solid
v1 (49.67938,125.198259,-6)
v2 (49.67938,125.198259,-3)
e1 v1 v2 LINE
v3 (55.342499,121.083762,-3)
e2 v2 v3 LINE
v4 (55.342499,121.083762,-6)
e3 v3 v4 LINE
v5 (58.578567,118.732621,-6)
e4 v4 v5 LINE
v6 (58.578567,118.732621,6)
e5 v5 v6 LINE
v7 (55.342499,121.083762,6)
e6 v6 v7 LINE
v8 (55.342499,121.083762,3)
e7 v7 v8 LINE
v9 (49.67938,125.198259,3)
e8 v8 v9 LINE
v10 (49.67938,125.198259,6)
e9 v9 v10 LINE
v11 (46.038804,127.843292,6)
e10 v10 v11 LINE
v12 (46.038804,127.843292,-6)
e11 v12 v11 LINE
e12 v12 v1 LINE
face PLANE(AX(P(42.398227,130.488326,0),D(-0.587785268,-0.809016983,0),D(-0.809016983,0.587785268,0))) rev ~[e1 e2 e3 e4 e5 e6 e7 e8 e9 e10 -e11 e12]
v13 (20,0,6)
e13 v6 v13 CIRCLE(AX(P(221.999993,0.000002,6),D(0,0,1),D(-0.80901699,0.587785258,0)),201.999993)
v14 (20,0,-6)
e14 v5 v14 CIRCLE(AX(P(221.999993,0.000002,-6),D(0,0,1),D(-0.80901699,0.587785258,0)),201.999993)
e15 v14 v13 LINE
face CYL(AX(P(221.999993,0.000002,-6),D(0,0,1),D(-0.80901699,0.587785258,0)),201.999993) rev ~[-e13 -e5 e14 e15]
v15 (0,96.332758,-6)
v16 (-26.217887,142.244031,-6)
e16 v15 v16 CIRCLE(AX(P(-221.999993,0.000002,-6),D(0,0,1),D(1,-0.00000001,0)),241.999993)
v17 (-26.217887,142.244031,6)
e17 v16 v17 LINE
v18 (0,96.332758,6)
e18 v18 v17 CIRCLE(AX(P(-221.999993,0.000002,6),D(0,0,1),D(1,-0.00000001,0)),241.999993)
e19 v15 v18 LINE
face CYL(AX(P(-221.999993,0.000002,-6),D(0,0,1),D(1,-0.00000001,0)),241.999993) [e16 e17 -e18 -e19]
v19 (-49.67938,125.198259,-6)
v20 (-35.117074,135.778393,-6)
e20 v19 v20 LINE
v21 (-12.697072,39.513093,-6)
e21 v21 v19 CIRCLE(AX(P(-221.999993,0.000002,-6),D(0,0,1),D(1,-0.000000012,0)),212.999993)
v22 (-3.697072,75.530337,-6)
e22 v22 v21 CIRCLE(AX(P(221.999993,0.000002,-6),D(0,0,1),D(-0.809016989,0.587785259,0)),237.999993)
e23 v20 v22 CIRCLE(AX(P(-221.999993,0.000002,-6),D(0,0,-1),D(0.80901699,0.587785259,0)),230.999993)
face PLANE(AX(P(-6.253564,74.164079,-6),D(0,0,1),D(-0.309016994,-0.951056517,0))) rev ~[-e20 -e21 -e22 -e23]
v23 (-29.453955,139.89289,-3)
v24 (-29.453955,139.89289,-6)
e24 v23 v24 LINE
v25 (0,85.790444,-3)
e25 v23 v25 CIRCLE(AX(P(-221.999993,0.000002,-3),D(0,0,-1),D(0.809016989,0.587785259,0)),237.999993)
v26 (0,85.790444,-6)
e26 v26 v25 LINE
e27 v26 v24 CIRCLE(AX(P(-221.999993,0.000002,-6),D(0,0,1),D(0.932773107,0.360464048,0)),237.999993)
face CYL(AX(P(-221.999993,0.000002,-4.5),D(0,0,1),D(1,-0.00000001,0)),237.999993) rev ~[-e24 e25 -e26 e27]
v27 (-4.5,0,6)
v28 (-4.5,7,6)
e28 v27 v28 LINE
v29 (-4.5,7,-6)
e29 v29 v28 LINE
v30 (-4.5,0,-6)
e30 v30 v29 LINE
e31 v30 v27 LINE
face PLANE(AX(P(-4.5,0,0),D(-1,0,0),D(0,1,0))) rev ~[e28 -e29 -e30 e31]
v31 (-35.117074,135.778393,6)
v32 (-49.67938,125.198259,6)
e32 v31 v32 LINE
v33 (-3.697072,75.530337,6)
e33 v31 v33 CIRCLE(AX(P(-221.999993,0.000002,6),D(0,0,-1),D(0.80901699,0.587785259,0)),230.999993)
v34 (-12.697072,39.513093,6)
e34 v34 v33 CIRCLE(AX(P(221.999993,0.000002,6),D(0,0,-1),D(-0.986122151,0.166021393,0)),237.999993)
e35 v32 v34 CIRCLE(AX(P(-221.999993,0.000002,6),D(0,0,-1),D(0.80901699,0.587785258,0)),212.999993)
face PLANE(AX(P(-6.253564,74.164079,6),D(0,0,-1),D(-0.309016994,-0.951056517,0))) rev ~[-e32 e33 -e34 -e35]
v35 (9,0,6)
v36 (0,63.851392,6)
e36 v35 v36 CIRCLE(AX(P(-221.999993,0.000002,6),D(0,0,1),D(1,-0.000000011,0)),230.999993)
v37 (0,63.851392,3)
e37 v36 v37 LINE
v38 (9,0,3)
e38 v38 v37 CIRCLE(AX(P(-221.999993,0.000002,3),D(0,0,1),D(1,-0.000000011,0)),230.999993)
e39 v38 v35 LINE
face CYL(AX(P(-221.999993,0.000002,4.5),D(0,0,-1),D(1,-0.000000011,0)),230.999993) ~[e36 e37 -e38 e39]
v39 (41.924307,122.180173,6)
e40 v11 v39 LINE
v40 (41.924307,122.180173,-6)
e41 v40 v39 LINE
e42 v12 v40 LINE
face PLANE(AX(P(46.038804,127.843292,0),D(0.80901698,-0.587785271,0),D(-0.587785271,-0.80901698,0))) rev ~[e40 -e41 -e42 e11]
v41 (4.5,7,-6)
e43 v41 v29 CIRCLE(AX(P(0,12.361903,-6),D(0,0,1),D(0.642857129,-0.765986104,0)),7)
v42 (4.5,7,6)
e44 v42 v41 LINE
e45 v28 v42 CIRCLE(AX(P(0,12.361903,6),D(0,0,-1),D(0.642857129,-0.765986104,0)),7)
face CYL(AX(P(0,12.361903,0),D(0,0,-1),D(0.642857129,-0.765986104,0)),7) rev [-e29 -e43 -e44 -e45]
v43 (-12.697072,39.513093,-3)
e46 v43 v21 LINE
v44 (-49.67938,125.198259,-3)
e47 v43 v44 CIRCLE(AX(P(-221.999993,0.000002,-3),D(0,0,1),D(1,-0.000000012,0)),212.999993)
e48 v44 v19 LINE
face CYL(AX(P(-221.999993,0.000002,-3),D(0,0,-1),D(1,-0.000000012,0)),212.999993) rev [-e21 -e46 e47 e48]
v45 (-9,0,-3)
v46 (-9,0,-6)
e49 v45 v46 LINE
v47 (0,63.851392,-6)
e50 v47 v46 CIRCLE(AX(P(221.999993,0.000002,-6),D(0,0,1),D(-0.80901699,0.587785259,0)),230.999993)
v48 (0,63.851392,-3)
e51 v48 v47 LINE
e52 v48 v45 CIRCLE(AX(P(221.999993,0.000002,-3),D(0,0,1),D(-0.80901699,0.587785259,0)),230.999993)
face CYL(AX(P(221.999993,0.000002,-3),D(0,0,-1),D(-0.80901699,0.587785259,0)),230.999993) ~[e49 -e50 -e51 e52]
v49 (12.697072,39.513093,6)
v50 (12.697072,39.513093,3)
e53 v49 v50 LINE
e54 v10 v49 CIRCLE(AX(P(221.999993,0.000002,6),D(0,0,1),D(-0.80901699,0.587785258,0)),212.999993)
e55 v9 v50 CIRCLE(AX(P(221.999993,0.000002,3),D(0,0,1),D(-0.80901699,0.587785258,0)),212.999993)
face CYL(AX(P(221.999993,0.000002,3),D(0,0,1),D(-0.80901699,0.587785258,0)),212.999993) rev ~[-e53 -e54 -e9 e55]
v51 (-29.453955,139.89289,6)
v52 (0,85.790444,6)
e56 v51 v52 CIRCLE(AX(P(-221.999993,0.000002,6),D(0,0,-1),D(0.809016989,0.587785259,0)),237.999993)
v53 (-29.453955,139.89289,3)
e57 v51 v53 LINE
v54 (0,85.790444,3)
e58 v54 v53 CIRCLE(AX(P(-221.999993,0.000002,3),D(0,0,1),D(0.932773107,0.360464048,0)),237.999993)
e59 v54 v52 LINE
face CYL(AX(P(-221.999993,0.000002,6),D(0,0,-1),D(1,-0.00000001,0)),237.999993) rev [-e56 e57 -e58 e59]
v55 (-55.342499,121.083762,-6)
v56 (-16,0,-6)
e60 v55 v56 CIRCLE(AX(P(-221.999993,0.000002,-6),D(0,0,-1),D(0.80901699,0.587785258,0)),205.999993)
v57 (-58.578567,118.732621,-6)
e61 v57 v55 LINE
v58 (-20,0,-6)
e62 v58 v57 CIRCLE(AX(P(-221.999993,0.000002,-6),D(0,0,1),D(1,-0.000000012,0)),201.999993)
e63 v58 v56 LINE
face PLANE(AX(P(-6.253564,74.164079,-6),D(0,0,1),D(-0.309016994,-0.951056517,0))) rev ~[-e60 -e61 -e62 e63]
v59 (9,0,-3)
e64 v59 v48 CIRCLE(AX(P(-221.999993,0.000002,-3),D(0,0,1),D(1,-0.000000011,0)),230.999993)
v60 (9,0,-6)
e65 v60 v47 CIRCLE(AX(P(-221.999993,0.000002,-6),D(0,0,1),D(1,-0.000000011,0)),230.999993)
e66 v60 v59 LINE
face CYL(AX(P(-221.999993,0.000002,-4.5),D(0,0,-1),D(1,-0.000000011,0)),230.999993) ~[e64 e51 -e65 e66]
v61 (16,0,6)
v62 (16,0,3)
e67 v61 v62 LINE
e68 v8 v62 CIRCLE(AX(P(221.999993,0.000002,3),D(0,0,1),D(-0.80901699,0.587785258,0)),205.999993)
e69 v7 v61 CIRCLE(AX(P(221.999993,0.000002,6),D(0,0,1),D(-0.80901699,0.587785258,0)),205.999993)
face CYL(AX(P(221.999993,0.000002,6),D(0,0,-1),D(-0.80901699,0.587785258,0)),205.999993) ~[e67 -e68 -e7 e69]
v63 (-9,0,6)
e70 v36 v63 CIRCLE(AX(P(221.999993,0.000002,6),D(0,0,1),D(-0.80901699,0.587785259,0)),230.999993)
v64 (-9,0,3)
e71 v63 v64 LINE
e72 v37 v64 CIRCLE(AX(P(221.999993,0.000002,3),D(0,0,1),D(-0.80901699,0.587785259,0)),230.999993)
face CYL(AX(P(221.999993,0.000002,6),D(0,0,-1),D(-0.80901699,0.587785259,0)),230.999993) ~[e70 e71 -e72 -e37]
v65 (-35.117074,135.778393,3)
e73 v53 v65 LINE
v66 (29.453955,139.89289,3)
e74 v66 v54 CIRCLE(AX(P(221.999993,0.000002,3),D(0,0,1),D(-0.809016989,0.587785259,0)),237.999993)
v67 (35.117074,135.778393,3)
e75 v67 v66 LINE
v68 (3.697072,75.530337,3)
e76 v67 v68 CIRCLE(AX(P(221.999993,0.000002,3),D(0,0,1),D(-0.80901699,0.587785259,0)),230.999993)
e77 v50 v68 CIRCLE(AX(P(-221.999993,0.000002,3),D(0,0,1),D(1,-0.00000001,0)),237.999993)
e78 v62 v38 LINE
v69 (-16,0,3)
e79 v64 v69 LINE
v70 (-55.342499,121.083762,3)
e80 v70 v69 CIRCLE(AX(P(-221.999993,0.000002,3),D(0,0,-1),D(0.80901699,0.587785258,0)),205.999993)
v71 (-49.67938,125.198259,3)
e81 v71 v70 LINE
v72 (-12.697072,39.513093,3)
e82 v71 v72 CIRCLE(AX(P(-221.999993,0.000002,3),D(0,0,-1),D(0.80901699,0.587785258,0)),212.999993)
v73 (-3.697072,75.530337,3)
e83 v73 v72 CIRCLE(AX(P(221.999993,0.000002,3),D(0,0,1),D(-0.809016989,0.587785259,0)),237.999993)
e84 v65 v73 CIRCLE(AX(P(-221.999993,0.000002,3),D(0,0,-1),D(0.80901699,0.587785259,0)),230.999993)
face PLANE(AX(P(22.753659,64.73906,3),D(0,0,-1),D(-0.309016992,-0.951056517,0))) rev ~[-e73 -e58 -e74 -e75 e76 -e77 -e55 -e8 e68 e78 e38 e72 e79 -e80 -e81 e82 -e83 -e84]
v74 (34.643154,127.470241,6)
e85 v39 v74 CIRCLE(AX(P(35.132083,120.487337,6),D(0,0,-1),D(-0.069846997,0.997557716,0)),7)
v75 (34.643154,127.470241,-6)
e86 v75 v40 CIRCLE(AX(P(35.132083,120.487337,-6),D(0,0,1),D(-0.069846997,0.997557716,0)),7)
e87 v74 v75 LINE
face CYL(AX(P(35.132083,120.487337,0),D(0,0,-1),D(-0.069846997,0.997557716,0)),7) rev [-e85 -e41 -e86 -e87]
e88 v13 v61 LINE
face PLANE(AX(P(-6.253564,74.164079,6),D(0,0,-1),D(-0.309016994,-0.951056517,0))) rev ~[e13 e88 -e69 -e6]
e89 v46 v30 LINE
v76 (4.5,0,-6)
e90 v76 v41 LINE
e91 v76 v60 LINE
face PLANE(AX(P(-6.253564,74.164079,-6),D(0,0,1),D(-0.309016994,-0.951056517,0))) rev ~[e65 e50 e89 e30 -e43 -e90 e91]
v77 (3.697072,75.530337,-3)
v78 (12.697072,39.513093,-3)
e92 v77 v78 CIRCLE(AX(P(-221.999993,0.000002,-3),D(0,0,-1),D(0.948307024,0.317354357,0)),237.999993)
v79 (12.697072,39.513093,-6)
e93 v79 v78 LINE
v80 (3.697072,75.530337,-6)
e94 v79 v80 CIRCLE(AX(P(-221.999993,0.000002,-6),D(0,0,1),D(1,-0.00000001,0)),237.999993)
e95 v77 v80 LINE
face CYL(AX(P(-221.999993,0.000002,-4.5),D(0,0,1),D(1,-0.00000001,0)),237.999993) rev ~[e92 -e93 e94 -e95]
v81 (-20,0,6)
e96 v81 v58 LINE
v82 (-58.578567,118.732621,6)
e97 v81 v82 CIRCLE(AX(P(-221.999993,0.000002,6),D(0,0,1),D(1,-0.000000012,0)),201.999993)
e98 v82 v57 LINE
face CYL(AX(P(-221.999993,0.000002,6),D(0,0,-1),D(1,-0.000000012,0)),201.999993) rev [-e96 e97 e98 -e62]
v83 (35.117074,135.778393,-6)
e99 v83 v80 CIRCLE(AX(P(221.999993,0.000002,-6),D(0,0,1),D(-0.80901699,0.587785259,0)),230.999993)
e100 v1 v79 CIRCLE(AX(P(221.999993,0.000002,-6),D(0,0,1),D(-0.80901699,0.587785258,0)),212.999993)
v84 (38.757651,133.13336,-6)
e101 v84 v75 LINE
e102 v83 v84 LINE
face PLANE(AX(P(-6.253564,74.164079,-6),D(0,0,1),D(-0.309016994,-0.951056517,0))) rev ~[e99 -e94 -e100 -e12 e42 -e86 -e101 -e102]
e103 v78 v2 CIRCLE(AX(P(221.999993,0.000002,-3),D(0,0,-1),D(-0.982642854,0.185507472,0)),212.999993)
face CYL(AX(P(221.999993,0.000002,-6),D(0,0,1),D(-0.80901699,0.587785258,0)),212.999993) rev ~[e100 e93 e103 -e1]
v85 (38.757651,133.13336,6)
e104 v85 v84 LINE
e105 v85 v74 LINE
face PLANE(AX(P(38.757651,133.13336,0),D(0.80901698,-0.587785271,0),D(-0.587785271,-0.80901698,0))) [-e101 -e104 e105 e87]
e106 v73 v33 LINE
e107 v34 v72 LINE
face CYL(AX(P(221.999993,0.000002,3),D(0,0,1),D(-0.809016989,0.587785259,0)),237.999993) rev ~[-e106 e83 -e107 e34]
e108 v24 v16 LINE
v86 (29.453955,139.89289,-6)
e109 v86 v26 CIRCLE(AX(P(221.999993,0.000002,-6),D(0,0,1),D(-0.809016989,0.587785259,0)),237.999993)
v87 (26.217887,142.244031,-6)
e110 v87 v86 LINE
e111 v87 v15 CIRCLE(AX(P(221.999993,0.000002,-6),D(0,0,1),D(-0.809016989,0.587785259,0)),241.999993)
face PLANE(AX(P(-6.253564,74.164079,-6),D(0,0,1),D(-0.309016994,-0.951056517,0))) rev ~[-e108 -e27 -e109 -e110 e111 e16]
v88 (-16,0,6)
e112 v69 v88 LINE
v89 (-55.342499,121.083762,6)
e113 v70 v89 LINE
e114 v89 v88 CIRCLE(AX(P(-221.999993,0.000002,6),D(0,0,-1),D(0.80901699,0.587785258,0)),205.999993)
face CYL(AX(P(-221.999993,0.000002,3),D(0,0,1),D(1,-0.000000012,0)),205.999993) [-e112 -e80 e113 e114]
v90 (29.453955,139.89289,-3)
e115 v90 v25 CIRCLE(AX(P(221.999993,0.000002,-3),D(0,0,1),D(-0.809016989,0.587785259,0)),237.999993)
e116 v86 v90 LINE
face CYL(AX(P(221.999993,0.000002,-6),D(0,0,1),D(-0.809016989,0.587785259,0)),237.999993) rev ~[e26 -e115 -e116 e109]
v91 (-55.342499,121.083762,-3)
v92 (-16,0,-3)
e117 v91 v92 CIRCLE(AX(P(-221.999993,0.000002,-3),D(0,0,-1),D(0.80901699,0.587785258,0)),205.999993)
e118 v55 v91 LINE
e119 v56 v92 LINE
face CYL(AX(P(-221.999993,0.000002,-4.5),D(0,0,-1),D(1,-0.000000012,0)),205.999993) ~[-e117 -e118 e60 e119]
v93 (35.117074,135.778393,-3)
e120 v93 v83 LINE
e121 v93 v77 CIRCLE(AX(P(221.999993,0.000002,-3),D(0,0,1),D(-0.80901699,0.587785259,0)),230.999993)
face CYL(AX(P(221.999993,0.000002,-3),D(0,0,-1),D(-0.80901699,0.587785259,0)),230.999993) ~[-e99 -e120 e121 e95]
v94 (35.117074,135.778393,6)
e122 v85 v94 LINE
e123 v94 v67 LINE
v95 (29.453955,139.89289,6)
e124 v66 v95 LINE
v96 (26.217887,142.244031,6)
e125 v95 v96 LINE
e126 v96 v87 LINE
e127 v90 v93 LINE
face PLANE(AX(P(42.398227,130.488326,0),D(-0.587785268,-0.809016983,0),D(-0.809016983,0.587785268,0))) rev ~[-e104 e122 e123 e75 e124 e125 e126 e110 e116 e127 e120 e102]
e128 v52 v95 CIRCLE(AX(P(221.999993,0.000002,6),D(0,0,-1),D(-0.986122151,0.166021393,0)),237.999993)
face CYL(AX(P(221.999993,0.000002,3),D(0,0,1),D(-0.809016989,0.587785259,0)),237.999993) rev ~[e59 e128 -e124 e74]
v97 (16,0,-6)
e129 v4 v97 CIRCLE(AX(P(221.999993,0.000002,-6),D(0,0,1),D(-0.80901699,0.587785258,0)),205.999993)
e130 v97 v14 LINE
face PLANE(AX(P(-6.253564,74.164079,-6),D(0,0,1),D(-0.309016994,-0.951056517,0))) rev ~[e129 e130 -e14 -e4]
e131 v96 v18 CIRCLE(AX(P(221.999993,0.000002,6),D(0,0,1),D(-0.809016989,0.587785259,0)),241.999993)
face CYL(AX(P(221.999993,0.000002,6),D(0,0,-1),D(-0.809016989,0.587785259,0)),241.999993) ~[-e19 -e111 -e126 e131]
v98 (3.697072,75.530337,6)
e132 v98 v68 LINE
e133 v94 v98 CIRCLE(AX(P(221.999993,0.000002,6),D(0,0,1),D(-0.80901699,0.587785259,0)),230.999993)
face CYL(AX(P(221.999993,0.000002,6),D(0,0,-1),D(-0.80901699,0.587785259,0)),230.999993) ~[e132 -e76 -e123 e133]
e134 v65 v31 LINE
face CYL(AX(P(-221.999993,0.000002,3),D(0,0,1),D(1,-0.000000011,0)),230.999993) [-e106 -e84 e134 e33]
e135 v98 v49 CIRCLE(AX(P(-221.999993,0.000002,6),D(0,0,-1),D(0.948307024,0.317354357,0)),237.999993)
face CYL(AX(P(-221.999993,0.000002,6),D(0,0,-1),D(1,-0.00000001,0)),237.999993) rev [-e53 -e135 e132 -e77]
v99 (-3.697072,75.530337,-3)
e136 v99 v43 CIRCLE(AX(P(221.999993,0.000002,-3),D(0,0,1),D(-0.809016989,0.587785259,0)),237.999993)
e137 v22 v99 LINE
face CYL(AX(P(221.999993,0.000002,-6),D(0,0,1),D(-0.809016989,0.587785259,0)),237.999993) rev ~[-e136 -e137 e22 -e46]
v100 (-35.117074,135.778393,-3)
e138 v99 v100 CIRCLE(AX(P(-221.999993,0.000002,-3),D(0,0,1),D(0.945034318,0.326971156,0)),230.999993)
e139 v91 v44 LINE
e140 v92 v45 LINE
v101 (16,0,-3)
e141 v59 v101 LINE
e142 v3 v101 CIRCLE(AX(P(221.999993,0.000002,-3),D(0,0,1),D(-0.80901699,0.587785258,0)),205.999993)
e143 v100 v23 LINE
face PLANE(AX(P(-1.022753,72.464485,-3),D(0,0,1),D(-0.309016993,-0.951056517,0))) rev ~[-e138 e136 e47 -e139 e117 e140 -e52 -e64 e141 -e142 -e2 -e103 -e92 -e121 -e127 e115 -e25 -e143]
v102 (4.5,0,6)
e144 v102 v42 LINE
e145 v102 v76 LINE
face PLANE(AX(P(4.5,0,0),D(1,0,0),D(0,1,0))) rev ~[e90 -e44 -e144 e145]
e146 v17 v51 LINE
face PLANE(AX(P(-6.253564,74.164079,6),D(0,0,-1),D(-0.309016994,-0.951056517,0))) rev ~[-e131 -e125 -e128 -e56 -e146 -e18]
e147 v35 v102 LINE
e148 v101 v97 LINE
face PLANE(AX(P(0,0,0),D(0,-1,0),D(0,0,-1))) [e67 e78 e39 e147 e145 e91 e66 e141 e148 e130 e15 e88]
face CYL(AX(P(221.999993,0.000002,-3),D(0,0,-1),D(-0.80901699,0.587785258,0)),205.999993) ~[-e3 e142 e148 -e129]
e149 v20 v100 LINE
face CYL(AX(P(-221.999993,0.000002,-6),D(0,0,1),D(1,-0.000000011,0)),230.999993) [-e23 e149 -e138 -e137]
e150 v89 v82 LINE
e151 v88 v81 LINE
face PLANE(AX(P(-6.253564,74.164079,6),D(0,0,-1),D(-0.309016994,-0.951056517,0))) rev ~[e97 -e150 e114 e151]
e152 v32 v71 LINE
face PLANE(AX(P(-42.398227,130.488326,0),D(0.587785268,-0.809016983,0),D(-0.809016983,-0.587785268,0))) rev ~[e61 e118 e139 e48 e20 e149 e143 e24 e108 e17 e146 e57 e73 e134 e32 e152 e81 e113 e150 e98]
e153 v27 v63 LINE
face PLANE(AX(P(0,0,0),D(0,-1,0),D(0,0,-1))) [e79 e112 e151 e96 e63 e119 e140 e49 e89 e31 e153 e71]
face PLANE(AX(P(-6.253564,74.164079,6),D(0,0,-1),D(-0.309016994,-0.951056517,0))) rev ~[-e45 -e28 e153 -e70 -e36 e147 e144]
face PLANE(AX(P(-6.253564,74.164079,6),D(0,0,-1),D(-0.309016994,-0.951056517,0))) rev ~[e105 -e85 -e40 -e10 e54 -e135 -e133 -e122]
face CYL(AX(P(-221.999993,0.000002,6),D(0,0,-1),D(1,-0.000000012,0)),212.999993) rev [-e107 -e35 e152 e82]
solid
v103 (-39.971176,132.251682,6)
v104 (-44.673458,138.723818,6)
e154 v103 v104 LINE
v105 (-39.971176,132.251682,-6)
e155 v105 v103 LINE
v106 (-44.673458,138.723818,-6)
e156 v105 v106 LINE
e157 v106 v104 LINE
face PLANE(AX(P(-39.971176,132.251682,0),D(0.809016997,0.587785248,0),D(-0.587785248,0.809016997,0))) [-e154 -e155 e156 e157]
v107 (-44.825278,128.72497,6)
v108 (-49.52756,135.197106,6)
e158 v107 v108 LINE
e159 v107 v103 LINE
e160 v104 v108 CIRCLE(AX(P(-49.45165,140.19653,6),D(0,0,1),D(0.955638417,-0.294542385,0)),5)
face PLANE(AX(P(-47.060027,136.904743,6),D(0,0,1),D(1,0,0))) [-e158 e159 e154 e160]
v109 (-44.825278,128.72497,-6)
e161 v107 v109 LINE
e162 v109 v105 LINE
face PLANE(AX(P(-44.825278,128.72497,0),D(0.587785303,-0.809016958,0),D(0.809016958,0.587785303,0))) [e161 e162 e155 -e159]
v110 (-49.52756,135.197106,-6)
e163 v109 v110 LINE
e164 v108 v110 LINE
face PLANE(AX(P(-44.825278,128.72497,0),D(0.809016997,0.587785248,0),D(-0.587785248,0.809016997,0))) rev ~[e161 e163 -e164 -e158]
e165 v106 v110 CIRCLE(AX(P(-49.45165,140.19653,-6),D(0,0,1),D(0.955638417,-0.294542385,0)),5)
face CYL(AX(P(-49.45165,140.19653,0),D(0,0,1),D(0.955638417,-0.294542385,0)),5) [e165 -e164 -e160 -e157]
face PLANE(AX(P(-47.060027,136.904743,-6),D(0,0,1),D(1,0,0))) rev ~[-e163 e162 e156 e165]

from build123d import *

# Parameters (mm, degrees)
SKETCH003_W          = 7
SKETCH003_H          = 3
SKETCH004_W          = 7
SKETCH004_H          = 3
SKETCH005_W          = 7
SKETCH005_H          = 3
SKETCH006_W          = 7
SKETCH006_H          = 3
POCKET_DEPTH         = 6.001
POCKET_DEPTH_BACK    = -6.001
POCKET001_DEPTH      = 6.001
POCKET001_DEPTH_BACK = -6.001
PAD002_DEPTH         = 6


with BuildPart() as main:
    # AdditivePipe: sweep along a path in Sketch
    with BuildLine(Plane.XY) as additivepipe_path:
        ThreePointArc((0, 0), (-10.865453, 68.601773), (-42.398227, 130.488326))
    # Sketch002 → AdditivePipe (sweep)
    with BuildSketch(Plane.XZ):
        Polygon((-20, 6), (-20, -6), (-16, -6), (-16, -3), (-9, -3), (-9, -6), (9, -6), (9, -3), (16, -3), (16, -6), (20, -6), (20, 6), (16, 6), (16, 3), (9, 3), (9, 6), (-9, 6), (-9, 3), (-16, 3), (-16, 6), align=None)
    sweep(path=additivepipe_path.line)

    # AdditivePipe001: sweep along a path in Sketch001
    with BuildLine(Plane.XY) as additivepipe001_path:
        ThreePointArc((42.398227, 130.488326), (10.865453, 68.601773), (0, 0))
    # Sketch002 → AdditivePipe001 (sweep)
    with BuildSketch(Plane.XZ):
        Polygon((-20, 6), (-20, -6), (-16, -6), (-16, -3), (-9, -3), (-9, -6), (9, -6), (9, -3), (16, -3), (16, -6), (20, -6), (20, 6), (16, 6), (16, 3), (9, 3), (9, 6), (-9, 6), (-9, 3), (-16, 3), (-16, 6), align=None)
    sweep(path=additivepipe001_path.line)

    # SubtractivePipe: sweep along a path in Sketch
    with BuildLine(Plane.XY) as subtractivepipe_path:
        ThreePointArc((0, 0), (-10.865453, 68.601773), (-42.398227, 130.488326))
    # Sketch003 → SubtractivePipe (sweep, cut)
    with BuildSketch(Plane.XZ):
        with Locations((-12.5, 4.5)):
            Rectangle(SKETCH003_W, SKETCH003_H)
    sweep(path=subtractivepipe_path.line, mode=Mode.SUBTRACT)

    # SubtractivePipe001: sweep along a path in Sketch001
    with BuildLine(Plane.XY) as subtractivepipe001_path:
        ThreePointArc((42.398227, 130.488326), (10.865453, 68.601773), (0, 0))
    # Sketch003 → SubtractivePipe001 (sweep, cut)
    with BuildSketch(Plane.XZ):
        with Locations((-12.5, 4.5)):
            Rectangle(SKETCH003_W, SKETCH003_H)
    sweep(path=subtractivepipe001_path.line, mode=Mode.SUBTRACT)

    # SubtractivePipe002: sweep along a path in Sketch
    with BuildLine(Plane.XY) as subtractivepipe002_path:
        ThreePointArc((0, 0), (-10.865453, 68.601773), (-42.398227, 130.488326))
    # Sketch004 → SubtractivePipe002 (sweep, cut)
    with BuildSketch(Plane.XZ):
        with Locations((12.5, 4.5)):
            Rectangle(SKETCH004_W, SKETCH004_H)
    sweep(path=subtractivepipe002_path.line, mode=Mode.SUBTRACT)

    # SubtractivePipe003: sweep along a path in Sketch001
    with BuildLine(Plane.XY) as subtractivepipe003_path:
        ThreePointArc((42.398227, 130.488326), (10.865453, 68.601773), (0, 0))
    # Sketch004 → SubtractivePipe003 (sweep, cut)
    with BuildSketch(Plane.XZ):
        with Locations((12.5, 4.5)):
            Rectangle(SKETCH004_W, SKETCH004_H)
    sweep(path=subtractivepipe003_path.line, mode=Mode.SUBTRACT)

    # SubtractivePipe004: sweep along a path in Sketch
    with BuildLine(Plane.XY) as subtractivepipe004_path:
        ThreePointArc((0, 0), (-10.865453, 68.601773), (-42.398227, 130.488326))
    # Sketch005 → SubtractivePipe004 (sweep, cut)
    with BuildSketch(Plane.XZ):
        with Locations((-12.5, -4.5)):
            Rectangle(SKETCH005_W, SKETCH005_H)
    sweep(path=subtractivepipe004_path.line, mode=Mode.SUBTRACT)

    # SubtractivePipe005: sweep along a path in Sketch001
    with BuildLine(Plane.XY) as subtractivepipe005_path:
        ThreePointArc((42.398227, 130.488326), (10.865453, 68.601773), (0, 0))
    # Sketch005 → SubtractivePipe005 (sweep, cut)
    with BuildSketch(Plane.XZ):
        with Locations((-12.5, -4.5)):
            Rectangle(SKETCH005_W, SKETCH005_H)
    sweep(path=subtractivepipe005_path.line, mode=Mode.SUBTRACT)

    # SubtractivePipe006: sweep along a path in Sketch
    with BuildLine(Plane.XY) as subtractivepipe006_path:
        ThreePointArc((0, 0), (-10.865453, 68.601773), (-42.398227, 130.488326))
    # Sketch006 → SubtractivePipe006 (sweep, cut)
    with BuildSketch(Plane.XZ):
        with Locations((12.5, -4.5)):
            Rectangle(SKETCH006_W, SKETCH006_H)
    sweep(path=subtractivepipe006_path.line, mode=Mode.SUBTRACT)

    # SubtractivePipe007: sweep along a path in Sketch001
    with BuildLine(Plane.XY) as subtractivepipe007_path:
        ThreePointArc((42.398227, 130.488326), (10.865453, 68.601773), (0, 0))
    # Sketch006 → SubtractivePipe007 (sweep, cut)
    with BuildSketch(Plane.XZ):
        with Locations((12.5, -4.5)):
            Rectangle(SKETCH006_W, SKETCH006_H)
    sweep(path=subtractivepipe007_path.line, mode=Mode.SUBTRACT)

    # Sketch007 → Pocket (cut, two sides)
    with BuildSketch(Plane.XY) as pocket_sk:
        with BuildLine():
            Line((-4.5, 0), (4.5, 0))
            Line((4.5, 0), (4.5, 7))
            ThreePointArc((4.5, 7), (0, 19.361903), (-4.5, 7))
            Line((-4.5, 0), (-4.5, 7))
        make_face()
    extrude(amount=-POCKET_DEPTH, mode=Mode.SUBTRACT)
    extrude(pocket_sk.sketch, amount=-POCKET_DEPTH_BACK, mode=Mode.SUBTRACT)

    # Sketch009 → Pocket001 (cut, two sides)
    with BuildSketch(Plane.XY) as pocket001_sk:
        with BuildLine():
            Line((38.757651, 133.13336), (46.038804, 127.843292))
            Line((46.038804, 127.843292), (41.924307, 122.180173))
            ThreePointArc((34.643154, 127.470241), (31.017586, 114.824218), (41.924307, 122.180173))
            Line((38.757651, 133.13336), (34.643154, 127.470241))
        make_face()
    extrude(amount=-POCKET001_DEPTH, mode=Mode.SUBTRACT)
    extrude(pocket001_sk.sketch, amount=-POCKET001_DEPTH_BACK, mode=Mode.SUBTRACT)


with BuildPart() as male2:
    # Sketch012 → Pad002 (new body, symmetric)
    with BuildSketch(Plane.XY):
        with BuildLine():
            Line((-44.825278, 128.72497), (-39.971176, 132.251682))
            Line((-39.971176, 132.251682), (-44.673458, 138.723818))
            ThreePointArc((-44.673458, 138.723818), (-52.390577, 144.241615), (-49.52756, 135.197106))
            Line((-44.825278, 128.72497), (-49.52756, 135.197106))
        make_face()
    extrude(amount=PAD002_DEPTH, both=True)


solid = Compound([main.part, male2.part])
